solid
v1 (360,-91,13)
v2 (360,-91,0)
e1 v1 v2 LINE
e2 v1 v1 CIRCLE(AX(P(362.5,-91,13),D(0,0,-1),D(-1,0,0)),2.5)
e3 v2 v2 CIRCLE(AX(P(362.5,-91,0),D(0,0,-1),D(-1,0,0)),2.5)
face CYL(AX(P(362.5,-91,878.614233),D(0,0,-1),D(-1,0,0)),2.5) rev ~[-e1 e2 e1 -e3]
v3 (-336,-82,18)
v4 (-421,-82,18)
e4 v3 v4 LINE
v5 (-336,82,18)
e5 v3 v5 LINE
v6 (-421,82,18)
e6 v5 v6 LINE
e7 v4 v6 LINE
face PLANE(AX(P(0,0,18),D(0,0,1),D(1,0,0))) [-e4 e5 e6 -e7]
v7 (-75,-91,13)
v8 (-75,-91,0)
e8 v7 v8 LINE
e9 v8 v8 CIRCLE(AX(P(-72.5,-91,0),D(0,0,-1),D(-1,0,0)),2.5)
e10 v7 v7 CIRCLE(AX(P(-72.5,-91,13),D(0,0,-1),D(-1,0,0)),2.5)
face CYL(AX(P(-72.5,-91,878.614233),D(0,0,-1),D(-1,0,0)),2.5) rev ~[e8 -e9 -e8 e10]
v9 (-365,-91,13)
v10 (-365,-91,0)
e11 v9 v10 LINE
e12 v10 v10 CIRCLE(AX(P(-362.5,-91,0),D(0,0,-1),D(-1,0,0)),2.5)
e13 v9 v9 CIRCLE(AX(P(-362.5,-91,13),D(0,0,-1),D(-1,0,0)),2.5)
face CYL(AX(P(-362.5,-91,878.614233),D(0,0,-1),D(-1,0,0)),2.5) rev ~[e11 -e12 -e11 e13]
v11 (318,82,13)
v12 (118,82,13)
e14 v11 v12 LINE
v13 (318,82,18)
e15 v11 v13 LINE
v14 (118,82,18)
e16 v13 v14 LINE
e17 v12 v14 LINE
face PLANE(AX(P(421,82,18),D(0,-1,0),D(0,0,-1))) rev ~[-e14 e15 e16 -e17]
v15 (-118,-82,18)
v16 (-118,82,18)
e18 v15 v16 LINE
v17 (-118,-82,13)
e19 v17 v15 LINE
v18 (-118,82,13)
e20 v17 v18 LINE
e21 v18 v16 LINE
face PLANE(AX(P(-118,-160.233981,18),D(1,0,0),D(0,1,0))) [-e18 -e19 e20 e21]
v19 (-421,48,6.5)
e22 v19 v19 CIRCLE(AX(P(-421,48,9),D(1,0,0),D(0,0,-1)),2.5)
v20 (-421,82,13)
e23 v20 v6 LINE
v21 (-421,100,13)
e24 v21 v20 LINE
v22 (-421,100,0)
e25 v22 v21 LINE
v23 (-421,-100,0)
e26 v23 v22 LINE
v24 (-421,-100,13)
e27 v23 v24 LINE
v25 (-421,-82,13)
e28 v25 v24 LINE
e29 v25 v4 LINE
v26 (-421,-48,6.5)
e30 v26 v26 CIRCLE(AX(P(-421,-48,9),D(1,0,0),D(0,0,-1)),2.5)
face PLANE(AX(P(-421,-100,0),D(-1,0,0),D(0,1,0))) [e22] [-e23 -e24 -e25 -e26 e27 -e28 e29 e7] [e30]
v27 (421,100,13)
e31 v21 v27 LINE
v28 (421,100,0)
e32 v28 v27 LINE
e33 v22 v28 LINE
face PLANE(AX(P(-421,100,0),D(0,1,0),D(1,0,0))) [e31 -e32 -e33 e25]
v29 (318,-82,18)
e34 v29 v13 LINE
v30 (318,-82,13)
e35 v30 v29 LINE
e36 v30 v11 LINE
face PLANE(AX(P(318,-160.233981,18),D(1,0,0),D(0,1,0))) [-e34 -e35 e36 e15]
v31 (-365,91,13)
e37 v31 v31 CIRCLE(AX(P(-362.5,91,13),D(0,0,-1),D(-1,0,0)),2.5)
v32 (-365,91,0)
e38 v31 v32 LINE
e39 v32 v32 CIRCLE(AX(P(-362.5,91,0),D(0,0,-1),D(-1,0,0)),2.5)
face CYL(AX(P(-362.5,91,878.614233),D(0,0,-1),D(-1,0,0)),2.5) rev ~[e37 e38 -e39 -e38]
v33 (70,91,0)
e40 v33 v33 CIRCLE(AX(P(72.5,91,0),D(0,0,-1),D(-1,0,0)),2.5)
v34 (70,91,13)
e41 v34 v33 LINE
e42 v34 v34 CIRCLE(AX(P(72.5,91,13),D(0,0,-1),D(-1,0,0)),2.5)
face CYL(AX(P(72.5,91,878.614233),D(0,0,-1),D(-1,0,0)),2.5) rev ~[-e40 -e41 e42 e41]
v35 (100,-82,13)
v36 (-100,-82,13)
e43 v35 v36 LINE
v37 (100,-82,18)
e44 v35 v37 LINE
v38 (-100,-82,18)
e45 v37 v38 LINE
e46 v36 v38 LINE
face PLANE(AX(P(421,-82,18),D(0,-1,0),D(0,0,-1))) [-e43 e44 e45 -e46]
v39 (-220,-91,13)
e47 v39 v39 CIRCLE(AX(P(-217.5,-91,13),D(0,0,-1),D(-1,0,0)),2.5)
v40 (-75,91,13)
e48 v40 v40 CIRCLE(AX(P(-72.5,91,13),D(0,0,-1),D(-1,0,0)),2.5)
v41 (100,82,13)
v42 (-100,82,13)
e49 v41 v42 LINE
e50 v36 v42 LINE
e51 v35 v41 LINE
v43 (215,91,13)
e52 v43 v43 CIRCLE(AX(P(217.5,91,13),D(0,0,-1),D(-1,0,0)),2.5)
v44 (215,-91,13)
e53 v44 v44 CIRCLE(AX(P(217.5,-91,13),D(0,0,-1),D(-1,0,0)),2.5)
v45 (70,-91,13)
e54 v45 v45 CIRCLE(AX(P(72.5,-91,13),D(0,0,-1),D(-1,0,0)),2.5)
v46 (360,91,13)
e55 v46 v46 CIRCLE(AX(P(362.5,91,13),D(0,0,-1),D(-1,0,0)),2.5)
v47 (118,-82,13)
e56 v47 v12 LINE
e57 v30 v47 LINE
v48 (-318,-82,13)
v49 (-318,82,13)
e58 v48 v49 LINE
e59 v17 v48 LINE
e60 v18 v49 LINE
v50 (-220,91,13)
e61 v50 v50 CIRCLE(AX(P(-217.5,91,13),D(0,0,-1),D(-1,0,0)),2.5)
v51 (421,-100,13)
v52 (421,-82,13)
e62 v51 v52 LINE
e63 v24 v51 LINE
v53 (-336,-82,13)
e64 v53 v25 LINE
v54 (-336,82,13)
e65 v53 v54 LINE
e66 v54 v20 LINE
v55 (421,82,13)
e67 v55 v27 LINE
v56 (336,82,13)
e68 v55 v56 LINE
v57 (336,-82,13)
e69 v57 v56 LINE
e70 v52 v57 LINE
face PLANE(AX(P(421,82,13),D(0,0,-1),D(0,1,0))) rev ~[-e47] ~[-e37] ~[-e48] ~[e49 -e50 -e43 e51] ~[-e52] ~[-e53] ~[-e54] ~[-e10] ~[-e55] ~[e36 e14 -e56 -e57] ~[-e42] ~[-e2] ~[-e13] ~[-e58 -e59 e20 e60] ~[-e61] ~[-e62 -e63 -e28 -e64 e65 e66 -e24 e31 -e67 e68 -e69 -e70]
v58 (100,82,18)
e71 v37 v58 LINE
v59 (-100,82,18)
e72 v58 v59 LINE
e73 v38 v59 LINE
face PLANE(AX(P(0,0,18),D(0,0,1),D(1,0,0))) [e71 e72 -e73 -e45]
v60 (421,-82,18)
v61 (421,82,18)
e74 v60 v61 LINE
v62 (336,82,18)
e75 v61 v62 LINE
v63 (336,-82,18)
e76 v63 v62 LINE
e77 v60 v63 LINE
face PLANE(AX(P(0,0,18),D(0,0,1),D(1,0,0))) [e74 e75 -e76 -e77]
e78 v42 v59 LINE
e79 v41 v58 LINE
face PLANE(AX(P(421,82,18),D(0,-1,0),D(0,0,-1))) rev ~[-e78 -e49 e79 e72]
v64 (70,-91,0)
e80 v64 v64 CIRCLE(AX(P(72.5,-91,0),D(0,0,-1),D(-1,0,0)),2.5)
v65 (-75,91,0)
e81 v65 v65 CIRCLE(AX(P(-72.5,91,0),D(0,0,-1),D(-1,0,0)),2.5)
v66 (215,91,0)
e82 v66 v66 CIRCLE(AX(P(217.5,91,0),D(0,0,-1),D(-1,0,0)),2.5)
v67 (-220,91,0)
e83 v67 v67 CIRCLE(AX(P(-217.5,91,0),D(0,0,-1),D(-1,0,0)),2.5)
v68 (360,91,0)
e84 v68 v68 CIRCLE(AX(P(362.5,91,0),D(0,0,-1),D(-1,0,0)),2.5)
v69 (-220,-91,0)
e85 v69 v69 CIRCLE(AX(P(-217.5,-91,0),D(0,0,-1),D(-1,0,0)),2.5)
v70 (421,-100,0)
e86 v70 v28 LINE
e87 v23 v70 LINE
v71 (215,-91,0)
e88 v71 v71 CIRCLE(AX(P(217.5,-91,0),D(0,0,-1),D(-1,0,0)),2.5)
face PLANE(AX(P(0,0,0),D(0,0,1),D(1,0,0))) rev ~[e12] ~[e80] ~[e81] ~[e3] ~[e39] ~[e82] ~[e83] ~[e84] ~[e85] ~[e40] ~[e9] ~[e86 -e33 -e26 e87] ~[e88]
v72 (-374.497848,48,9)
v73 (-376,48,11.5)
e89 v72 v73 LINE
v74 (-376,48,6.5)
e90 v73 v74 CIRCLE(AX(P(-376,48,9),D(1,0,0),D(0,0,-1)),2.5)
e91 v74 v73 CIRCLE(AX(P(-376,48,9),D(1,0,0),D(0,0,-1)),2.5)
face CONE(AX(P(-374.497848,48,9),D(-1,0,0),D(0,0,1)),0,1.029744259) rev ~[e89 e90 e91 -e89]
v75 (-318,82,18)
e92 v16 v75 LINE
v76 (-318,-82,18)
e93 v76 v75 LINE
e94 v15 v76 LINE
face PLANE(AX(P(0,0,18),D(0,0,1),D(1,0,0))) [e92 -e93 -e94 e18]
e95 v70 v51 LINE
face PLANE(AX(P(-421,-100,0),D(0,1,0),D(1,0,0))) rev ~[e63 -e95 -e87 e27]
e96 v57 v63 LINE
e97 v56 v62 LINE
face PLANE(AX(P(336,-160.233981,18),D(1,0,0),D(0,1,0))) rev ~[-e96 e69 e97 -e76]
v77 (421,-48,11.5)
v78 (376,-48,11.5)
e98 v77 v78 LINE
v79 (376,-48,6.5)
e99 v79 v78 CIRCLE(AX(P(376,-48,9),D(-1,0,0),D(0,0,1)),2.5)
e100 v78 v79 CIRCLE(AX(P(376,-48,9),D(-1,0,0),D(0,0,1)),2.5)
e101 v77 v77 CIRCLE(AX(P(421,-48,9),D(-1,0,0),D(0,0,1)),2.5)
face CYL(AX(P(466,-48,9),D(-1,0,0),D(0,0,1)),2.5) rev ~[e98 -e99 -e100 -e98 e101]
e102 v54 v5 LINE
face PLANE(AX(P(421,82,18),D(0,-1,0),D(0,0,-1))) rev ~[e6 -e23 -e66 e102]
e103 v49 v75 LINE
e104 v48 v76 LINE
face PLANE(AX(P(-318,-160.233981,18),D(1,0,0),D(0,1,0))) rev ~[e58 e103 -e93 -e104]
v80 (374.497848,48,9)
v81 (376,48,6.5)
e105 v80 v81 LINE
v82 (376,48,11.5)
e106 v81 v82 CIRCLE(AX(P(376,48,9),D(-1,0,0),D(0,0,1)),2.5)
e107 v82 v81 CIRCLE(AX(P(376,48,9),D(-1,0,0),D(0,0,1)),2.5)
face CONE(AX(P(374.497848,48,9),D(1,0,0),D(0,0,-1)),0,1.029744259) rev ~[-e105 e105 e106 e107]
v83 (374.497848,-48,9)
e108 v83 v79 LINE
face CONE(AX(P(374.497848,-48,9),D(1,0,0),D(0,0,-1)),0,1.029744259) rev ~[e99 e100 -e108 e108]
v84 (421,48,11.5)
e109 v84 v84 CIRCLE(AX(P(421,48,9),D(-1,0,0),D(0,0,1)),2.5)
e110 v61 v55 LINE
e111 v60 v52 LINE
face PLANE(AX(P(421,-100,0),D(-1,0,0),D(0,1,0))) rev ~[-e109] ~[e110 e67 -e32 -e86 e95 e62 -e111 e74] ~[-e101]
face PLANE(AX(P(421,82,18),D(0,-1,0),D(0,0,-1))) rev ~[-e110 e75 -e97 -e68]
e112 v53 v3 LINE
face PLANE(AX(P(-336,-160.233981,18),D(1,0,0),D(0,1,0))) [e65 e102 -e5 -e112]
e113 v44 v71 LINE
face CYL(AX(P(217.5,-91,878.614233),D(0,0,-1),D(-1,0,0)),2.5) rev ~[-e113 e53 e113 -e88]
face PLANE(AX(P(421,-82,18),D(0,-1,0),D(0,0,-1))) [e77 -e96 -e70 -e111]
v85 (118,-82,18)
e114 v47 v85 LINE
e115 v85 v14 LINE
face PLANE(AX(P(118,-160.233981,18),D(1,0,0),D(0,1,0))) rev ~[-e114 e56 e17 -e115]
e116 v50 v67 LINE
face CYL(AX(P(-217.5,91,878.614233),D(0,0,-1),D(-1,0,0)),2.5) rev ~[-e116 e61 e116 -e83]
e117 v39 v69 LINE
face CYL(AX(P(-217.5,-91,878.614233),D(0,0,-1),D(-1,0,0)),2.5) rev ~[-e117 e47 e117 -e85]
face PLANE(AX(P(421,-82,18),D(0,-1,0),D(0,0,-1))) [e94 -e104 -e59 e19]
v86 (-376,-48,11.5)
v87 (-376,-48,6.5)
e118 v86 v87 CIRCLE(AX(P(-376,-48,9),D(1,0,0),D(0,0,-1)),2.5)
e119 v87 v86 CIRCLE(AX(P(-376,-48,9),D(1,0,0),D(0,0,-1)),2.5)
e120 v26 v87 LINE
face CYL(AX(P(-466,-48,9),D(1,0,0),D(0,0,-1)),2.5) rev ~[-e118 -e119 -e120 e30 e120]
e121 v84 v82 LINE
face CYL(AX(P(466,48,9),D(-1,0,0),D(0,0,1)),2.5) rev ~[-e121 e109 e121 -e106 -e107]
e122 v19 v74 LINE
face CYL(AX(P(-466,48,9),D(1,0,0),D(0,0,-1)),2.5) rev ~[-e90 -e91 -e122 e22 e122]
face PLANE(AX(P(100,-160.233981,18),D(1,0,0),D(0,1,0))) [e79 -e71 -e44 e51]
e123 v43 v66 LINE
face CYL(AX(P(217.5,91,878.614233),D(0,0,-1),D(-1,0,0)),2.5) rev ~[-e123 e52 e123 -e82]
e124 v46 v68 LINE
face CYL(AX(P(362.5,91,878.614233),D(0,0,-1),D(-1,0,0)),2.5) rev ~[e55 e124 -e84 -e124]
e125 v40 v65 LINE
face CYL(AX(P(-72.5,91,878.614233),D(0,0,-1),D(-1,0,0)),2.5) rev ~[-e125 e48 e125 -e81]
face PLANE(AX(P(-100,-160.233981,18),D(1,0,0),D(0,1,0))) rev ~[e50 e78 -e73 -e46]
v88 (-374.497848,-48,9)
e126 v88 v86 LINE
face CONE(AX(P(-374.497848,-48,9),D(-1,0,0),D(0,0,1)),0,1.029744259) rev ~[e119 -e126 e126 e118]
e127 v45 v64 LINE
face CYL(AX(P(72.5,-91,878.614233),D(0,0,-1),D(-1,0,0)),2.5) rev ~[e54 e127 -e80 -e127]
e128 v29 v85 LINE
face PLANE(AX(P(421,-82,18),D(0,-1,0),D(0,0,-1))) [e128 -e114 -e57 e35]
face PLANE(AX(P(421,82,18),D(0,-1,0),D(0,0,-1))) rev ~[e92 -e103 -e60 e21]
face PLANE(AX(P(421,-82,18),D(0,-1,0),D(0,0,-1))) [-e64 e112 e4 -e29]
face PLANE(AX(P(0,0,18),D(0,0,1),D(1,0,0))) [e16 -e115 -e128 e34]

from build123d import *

# Parameters (mm, degrees)
SKETCH1_W                    = 842
SKETCH1_H                    = 200
BOSS_EXTRUDE1_DEPTH          = 18
SKETCH2_W                    = 5
SKETCH2_H                    = 18
CUT_EXTRUDE1_DEPTH           = 849.108483627
SKETCH3_W                    = 18
SKETCH3_H                    = 294.880521595
CUT_EXTRUDE2_DEPTH           = 5
F_5_0_5_DIAMETER_HOLE1_D     = 5
F_5_0_5_DIAMETER_HOLE2_D     = 5
F_5_0_5_DIAMETER_HOLE2_DEPTH = 45
F_5_0_5_DIAMETER_HOLE2_TIP   = 1.502151548
F_5_0_5_DIAMETER_HOLE3_D     = 5
F_5_0_5_DIAMETER_HOLE3_DEPTH = 45
F_5_0_5_DIAMETER_HOLE3_TIP   = 1.502151548


with BuildPart() as part:
    # Sketch1 → Boss-Extrude1 (new body)
    with BuildSketch(Plane.XY):
        Rectangle(SKETCH1_W, SKETCH1_H)
    extrude(amount=BOSS_EXTRUDE1_DEPTH)

    # Sketch2 → Cut-Extrude1 (cut, through all)
    with BuildSketch(Plane(origin=(421, 0, 0), x_dir=(0, 0, -1), z_dir=(1, 0, 0))):
        with Locations((-15.5, 91)):
            Rectangle(SKETCH2_W, SKETCH2_H)
        with Locations((-15.5, -91)):
            Rectangle(SKETCH2_W, SKETCH2_H)
    extrude(amount=-CUT_EXTRUDE1_DEPTH, mode=Mode.SUBTRACT)

    # Sketch3 → Cut-Extrude2 (cut)
    with BuildSketch(Plane.XY.offset(18)):
        with Locations((-327, -12.793720482)):
            Rectangle(SKETCH3_W, SKETCH3_H)
        with Locations((-109, -12.793720482)):
            Rectangle(SKETCH3_W, SKETCH3_H)
        with Locations((109, -12.793720482)):
            Rectangle(SKETCH3_W, SKETCH3_H)
        with Locations((327, -12.793720482)):
            Rectangle(SKETCH3_W, SKETCH3_H)
    extrude(amount=-CUT_EXTRUDE2_DEPTH, mode=Mode.SUBTRACT)

    # Ø5.0 (5) Diameter Hole1 (through all)
    with Locations(Plane.XY.offset(13)):
        with Locations((-362.5, 91), (-217.5, 91), (-72.5, 91), (72.5, 91), (217.5, 91), (362.5, 91), (-362.5, -91), (217.5, -91), (362.5, -91), (-217.5, -91), (-72.5, -91), (72.5, -91)):
            Hole(F_5_0_5_DIAMETER_HOLE1_D / 2)

    # Ø5.0 (5) Diameter Hole2
    with Locations(Plane(origin=(421, 0, 0), x_dir=(0, 0, -1), z_dir=(1, 0, 0))):
        with Locations((-9, 48), (-9, -48)):
            Hole(F_5_0_5_DIAMETER_HOLE2_D / 2, depth=F_5_0_5_DIAMETER_HOLE2_DEPTH)
            with Locations((0, 0, -(F_5_0_5_DIAMETER_HOLE2_DEPTH + F_5_0_5_DIAMETER_HOLE2_TIP / 2))):  # 118° drill point
                Cone(0, F_5_0_5_DIAMETER_HOLE2_D / 2, F_5_0_5_DIAMETER_HOLE2_TIP, mode=Mode.SUBTRACT)

    # Ø5.0 (5) Diameter Hole3
    with Locations(Plane.ZY.offset(421)):
        with Locations((9, 48), (9, -48)):
            Hole(F_5_0_5_DIAMETER_HOLE3_D / 2, depth=F_5_0_5_DIAMETER_HOLE3_DEPTH)
            with Locations((0, 0, -(F_5_0_5_DIAMETER_HOLE3_DEPTH + F_5_0_5_DIAMETER_HOLE3_TIP / 2))):  # 118° drill point
                Cone(0, F_5_0_5_DIAMETER_HOLE3_D / 2, F_5_0_5_DIAMETER_HOLE3_TIP, mode=Mode.SUBTRACT)


solid = part.part
